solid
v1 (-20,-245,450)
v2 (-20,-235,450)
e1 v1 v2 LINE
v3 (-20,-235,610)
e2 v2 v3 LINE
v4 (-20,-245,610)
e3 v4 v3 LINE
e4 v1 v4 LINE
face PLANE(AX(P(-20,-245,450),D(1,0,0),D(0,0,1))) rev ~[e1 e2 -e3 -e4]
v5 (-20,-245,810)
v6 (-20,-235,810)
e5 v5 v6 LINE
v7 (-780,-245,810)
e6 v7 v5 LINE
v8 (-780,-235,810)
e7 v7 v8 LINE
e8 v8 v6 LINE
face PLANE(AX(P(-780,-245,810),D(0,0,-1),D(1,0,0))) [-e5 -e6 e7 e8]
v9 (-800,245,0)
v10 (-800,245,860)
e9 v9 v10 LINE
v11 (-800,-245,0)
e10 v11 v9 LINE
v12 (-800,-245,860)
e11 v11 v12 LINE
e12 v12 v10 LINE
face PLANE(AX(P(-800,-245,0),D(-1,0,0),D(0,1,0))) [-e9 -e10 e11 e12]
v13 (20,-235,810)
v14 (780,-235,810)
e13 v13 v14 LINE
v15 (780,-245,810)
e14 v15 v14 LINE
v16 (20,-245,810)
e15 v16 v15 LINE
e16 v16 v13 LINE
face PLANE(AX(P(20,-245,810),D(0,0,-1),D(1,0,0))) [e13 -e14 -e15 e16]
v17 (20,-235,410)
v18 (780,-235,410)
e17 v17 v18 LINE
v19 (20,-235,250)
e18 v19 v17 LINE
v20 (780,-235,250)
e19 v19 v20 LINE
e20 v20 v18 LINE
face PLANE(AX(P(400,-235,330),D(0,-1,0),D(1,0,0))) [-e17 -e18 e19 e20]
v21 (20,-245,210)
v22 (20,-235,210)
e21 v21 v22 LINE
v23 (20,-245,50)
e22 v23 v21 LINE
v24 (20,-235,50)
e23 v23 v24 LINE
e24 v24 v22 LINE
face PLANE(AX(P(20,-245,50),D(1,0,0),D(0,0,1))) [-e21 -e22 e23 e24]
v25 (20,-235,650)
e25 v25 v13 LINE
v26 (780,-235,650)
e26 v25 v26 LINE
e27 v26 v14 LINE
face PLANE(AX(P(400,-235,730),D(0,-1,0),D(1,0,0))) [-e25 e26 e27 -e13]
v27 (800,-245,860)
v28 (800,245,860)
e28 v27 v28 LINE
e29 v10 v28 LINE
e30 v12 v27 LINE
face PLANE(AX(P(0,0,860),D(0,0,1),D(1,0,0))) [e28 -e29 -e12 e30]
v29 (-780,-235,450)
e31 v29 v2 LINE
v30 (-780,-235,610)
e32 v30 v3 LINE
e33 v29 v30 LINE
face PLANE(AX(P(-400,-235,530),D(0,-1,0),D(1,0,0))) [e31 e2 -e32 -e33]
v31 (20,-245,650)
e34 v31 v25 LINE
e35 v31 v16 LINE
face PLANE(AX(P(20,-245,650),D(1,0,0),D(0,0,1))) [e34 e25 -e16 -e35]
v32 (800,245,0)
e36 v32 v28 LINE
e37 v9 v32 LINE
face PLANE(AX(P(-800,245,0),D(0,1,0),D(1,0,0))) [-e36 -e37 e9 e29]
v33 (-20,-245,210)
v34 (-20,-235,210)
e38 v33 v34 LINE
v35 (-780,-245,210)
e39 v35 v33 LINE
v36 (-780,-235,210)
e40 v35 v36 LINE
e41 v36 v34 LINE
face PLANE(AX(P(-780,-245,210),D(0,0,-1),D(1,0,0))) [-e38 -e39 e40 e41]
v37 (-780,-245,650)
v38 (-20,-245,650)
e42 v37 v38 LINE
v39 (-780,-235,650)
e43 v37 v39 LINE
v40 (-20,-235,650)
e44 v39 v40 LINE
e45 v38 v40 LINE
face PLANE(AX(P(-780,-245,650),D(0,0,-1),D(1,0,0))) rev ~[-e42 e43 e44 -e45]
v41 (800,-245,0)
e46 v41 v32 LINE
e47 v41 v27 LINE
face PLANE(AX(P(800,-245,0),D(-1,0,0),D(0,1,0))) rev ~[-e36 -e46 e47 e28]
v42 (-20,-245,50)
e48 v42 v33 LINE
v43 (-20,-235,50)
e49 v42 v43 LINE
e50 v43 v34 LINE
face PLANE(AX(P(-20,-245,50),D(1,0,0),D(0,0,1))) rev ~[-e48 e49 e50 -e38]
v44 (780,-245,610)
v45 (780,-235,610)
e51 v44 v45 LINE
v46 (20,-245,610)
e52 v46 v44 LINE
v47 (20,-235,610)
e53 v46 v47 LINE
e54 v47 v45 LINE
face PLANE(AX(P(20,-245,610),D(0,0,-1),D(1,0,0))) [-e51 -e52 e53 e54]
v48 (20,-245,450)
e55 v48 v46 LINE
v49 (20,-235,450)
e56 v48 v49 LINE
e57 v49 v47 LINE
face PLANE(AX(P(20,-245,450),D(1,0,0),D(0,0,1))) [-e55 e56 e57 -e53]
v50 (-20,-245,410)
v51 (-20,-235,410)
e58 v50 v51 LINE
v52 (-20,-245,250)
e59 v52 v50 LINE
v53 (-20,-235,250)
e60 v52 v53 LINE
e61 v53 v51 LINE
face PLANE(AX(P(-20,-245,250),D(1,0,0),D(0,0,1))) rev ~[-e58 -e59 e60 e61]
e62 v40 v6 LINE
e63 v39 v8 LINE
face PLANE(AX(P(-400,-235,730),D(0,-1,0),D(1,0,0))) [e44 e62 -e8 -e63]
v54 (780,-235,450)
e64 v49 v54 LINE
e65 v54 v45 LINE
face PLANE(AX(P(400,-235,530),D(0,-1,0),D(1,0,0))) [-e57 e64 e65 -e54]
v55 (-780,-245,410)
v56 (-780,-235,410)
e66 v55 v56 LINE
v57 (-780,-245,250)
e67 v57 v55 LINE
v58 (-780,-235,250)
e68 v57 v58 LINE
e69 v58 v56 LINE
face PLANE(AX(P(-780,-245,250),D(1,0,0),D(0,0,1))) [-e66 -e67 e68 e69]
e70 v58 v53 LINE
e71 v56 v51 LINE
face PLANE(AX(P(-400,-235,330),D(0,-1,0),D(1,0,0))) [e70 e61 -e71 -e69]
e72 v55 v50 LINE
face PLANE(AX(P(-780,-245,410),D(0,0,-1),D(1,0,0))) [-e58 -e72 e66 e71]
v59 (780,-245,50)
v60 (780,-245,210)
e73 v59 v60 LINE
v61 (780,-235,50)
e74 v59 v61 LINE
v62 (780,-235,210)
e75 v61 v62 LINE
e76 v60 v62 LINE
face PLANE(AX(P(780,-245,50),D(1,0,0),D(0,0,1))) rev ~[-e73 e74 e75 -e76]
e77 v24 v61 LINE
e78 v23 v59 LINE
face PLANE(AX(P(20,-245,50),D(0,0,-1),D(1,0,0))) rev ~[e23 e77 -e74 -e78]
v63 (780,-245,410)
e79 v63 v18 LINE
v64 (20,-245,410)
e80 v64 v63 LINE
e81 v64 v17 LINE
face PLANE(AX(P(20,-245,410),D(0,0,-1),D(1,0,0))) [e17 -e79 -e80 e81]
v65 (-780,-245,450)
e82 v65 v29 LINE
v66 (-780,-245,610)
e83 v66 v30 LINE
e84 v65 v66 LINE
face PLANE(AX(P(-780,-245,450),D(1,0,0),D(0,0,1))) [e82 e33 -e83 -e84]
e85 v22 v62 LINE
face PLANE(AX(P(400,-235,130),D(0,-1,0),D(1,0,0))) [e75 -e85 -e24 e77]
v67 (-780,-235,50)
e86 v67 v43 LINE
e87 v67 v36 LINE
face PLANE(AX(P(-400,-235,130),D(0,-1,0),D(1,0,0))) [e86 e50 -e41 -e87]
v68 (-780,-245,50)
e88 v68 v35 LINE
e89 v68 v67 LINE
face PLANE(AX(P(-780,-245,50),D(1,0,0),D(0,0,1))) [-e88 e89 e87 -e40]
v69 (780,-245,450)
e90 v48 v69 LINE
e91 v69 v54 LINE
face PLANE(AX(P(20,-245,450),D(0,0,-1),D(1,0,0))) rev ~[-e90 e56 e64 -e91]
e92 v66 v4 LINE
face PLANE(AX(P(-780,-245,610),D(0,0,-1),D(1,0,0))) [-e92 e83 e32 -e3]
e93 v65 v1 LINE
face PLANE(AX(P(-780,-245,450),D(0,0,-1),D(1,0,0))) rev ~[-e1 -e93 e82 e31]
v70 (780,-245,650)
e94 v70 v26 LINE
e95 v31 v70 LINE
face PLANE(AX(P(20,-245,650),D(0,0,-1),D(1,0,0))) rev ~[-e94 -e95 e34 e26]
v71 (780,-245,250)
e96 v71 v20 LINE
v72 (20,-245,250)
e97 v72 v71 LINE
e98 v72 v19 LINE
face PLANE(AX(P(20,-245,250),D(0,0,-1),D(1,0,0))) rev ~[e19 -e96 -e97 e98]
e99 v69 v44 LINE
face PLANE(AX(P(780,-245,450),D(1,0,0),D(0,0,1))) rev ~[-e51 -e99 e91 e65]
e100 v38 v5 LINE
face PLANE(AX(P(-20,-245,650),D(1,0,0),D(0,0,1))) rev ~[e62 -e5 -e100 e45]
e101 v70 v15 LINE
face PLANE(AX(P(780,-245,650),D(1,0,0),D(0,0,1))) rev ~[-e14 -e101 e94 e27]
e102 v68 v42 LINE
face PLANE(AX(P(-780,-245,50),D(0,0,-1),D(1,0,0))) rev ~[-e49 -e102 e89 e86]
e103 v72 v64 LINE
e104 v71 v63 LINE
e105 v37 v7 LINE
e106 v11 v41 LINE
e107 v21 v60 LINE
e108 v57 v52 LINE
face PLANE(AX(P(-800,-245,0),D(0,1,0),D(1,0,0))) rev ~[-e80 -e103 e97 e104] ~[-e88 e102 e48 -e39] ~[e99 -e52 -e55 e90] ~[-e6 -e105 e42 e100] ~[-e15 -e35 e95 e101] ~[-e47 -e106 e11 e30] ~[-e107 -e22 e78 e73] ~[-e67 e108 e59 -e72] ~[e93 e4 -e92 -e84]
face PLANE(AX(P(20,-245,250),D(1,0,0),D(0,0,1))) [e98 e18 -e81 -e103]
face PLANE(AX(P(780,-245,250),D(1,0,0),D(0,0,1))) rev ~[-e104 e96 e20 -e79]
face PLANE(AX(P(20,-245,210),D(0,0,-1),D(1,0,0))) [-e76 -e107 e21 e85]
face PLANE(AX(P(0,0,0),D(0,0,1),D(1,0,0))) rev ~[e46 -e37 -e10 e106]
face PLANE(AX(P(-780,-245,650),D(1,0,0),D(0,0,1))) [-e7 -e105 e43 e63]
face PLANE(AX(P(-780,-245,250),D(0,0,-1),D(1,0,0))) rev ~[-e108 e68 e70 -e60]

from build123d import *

# Parameters (mm, degrees)
F0_W     = 1600
F0_H     = 490
F1_DEPTH = 860
F2_W     = 760
F2_H     = 160
F3_DEPTH = 10


with BuildPart() as f1:
    # F0 (on Top) → F1 (new body)
    with BuildSketch(Plane.XY):
        Rectangle(F0_W, F0_H)
    extrude(amount=F1_DEPTH)

    # F2 (on face) → F3 (cut)
    with BuildSketch(Plane.XZ.offset(245)):
        with Locations((400, 730)):
            Rectangle(F2_W, F2_H)
        with Locations((-400, 730)):
            Rectangle(F2_W, F2_H)
        with Locations((-400, 530)):
            Rectangle(F2_W, F2_H)
        with Locations((400, 530)):
            Rectangle(F2_W, F2_H)
        with Locations((400, 330)):
            Rectangle(F2_W, F2_H)
        with Locations((-400, 330)):
            Rectangle(F2_W, F2_H)
        with Locations((-400, 130)):
            Rectangle(F2_W, F2_H)
        with Locations((400, 130)):
            Rectangle(F2_W, F2_H)
    extrude(amount=-F3_DEPTH, mode=Mode.SUBTRACT)


solid = f1.part
